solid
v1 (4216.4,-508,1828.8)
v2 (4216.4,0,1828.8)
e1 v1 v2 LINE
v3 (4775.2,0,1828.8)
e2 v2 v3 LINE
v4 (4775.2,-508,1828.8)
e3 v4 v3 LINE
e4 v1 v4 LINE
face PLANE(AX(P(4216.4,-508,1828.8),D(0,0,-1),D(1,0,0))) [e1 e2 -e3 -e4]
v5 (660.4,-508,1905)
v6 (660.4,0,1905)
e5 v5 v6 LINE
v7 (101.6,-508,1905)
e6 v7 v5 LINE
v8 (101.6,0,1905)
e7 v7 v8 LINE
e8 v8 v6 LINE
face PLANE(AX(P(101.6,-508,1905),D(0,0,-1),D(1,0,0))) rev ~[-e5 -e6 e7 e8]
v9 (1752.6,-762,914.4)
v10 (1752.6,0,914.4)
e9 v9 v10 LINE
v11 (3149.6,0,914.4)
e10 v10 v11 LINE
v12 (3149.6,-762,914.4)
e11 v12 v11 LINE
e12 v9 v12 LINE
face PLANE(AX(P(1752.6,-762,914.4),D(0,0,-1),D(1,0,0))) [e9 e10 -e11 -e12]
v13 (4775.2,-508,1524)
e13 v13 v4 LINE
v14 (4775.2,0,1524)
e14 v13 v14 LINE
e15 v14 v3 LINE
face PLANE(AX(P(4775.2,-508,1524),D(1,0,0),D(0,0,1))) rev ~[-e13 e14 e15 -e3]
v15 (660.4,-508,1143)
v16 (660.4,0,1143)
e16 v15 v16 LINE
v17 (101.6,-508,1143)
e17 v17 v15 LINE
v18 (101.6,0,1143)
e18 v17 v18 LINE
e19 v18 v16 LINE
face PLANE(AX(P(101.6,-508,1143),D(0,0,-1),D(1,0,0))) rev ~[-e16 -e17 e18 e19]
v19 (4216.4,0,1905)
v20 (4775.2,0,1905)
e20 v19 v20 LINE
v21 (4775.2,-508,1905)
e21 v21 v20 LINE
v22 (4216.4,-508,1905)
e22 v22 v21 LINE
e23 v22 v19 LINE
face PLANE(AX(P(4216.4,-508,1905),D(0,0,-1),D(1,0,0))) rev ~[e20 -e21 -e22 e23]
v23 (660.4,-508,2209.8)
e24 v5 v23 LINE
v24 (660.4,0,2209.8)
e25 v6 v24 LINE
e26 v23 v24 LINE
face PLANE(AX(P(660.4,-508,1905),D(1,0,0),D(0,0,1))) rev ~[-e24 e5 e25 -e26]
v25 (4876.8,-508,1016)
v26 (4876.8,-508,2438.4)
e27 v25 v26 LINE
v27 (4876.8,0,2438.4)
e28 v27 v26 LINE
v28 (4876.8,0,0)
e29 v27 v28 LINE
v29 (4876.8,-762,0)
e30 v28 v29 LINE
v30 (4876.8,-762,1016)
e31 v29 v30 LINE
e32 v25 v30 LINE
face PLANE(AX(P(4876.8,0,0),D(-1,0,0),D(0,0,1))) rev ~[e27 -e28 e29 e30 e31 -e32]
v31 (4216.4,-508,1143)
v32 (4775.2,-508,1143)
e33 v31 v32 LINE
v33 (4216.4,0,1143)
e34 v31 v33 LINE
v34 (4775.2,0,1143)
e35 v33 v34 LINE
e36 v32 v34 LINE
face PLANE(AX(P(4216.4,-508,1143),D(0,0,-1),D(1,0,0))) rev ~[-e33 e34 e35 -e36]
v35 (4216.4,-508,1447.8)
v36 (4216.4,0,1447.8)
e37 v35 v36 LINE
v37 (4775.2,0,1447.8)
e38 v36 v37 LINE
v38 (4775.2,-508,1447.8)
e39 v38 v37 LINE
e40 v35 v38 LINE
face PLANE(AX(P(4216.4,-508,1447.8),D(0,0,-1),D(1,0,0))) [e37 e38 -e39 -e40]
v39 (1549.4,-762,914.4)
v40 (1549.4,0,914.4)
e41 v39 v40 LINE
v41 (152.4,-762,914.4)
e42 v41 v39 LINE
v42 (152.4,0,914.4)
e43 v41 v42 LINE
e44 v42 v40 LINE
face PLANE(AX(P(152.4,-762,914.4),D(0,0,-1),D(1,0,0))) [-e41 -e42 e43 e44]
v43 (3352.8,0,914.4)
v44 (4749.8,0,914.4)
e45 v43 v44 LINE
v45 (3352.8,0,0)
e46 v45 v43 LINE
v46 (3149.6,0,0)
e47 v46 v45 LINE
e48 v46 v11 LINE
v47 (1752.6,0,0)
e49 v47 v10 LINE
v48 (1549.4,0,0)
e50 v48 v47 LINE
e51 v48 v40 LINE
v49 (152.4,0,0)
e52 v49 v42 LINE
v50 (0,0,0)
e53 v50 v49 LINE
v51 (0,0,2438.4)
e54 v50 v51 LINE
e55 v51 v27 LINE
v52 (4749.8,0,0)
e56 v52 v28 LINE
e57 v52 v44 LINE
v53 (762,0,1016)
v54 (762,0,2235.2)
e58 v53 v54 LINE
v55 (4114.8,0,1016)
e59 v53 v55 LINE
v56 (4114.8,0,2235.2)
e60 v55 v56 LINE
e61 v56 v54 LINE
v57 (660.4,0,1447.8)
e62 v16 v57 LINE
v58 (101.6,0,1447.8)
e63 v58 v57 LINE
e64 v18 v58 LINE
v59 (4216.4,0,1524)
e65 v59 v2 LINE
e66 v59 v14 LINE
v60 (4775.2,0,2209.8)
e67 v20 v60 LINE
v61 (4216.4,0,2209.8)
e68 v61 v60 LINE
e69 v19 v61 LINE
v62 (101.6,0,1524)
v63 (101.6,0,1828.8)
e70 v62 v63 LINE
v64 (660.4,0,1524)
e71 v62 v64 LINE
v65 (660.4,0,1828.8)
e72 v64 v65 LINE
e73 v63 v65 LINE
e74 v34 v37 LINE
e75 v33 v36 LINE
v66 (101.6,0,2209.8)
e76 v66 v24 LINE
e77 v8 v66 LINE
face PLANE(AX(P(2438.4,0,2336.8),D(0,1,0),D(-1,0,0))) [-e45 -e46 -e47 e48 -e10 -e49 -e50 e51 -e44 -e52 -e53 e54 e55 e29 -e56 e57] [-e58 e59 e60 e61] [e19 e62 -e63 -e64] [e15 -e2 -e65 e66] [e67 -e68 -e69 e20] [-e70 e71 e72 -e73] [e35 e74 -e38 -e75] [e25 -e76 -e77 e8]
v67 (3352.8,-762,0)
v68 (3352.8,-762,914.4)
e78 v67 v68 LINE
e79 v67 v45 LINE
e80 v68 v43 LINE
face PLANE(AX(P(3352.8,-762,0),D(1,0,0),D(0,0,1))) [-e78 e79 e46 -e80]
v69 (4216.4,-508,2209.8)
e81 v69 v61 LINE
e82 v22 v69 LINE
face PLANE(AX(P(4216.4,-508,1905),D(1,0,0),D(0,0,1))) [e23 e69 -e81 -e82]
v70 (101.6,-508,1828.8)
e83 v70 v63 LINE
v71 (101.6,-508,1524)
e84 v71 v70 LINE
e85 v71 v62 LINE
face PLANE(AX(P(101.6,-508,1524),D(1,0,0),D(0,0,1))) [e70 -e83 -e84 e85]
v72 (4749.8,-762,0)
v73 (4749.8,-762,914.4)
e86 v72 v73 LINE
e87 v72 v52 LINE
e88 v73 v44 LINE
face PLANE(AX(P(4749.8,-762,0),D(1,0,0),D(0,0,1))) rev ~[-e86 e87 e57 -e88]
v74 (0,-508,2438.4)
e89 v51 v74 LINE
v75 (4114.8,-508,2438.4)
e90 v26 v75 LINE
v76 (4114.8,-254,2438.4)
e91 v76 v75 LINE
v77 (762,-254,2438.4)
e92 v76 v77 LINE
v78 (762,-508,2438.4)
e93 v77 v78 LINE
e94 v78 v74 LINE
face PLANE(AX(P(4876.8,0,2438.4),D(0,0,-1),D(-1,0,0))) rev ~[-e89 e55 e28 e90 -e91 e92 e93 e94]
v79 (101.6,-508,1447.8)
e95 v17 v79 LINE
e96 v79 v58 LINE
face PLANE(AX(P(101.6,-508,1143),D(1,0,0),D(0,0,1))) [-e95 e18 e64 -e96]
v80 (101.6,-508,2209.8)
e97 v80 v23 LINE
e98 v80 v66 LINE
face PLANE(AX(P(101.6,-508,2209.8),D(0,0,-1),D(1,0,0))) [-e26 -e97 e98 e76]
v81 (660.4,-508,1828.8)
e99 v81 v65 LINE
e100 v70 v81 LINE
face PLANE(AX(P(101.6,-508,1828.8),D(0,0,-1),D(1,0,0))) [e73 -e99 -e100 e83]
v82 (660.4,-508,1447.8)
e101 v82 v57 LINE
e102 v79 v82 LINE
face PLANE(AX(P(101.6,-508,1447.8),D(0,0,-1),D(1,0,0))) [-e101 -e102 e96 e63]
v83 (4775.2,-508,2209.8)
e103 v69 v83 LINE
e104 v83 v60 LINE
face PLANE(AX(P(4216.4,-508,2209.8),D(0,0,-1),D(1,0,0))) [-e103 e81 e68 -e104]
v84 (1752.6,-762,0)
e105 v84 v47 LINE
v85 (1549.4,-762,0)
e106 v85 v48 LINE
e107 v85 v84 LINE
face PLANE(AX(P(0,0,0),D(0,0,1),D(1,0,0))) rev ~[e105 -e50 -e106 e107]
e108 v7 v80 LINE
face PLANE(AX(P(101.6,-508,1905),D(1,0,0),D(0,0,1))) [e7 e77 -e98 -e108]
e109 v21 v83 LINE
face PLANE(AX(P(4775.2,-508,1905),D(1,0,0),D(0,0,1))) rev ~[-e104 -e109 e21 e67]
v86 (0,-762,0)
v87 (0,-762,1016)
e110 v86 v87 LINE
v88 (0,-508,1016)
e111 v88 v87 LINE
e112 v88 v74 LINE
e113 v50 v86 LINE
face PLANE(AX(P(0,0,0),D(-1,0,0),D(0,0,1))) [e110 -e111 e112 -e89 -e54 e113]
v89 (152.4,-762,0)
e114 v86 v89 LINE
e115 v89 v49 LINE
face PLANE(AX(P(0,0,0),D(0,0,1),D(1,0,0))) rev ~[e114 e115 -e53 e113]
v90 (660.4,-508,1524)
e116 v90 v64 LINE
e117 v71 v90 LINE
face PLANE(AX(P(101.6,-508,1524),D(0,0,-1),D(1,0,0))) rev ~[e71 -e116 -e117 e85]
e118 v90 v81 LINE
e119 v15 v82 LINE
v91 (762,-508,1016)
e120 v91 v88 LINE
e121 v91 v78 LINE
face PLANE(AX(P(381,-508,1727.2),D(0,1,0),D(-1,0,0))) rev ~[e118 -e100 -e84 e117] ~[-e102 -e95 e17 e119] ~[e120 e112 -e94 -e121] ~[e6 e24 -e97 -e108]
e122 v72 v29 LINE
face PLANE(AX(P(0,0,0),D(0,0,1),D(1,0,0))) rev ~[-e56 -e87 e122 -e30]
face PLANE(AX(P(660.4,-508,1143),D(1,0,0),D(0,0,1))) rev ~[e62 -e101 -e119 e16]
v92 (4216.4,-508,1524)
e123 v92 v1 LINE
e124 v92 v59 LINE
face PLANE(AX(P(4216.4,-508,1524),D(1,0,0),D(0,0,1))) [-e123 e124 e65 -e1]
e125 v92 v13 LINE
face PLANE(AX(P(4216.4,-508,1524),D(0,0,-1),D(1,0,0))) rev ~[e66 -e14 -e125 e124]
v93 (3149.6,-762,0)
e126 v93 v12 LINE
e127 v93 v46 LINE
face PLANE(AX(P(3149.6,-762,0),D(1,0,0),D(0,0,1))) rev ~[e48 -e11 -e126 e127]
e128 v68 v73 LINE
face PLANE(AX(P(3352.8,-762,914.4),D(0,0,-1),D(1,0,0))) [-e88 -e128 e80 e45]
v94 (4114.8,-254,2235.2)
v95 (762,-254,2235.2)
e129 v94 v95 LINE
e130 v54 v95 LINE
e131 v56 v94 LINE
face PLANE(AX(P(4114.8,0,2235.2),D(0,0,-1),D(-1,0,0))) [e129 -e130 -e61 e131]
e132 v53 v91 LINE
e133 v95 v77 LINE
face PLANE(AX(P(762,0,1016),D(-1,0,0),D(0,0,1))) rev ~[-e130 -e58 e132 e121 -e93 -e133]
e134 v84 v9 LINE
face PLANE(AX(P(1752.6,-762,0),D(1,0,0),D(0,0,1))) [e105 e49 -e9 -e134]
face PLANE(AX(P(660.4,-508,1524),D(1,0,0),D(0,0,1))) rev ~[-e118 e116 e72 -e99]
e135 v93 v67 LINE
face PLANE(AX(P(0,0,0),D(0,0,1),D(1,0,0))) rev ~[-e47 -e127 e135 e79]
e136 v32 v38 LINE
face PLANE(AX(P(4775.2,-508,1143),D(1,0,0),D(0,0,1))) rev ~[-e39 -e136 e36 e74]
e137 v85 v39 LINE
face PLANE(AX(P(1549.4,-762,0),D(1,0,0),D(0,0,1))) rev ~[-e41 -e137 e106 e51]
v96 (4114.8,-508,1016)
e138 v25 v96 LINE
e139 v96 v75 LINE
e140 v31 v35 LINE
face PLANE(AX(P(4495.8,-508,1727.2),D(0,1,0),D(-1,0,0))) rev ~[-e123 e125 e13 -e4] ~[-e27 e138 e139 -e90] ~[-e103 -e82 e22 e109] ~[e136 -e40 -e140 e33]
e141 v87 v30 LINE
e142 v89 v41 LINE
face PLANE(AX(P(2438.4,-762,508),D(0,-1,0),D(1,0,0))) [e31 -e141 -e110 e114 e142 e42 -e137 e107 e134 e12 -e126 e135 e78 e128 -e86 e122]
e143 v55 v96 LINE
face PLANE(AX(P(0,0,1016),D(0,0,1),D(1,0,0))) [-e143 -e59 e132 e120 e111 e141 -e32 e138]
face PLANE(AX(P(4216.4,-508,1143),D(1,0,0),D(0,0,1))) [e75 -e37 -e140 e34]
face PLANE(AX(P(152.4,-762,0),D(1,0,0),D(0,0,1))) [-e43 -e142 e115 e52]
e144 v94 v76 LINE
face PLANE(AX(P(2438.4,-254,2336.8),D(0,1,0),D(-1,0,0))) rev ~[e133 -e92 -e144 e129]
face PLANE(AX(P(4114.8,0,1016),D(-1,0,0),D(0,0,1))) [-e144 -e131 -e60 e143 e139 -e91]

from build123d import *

# Parameters (mm, degrees)
F0_W     = 4876.8
F0_H     = 1016
F1_DEPTH = 762
F2_W     = 762
F2_H     = 1422.4
F3_DEPTH = 508
F4_W     = 3352.8
F4_H     = 203.2
F5_DEPTH = 254
F6_W     = 1397
F6_H     = 914.4
F7_DEPTH = 762
F8_W     = 558.8
F8_H     = 304.8
F9_DEPTH = 508


with BuildPart() as f1:
    # F0 (on Front) → F1 (new body)
    with BuildSketch(Plane.XZ):
        with Locations((2438.4, 508)):
            Rectangle(F0_W, F0_H)
    extrude(amount=F1_DEPTH)

    # F2 (on face) → F3 (join)
    with BuildSketch(Plane(origin=(0, 0, 0), x_dir=(-1, 0, 0), z_dir=(0, 1, 0))):
        with Locations((-381, 1727.2)):
            Rectangle(F2_W, F2_H)
        with Locations((-4495.8, 1727.2)):
            Rectangle(F2_W, F2_H)
    extrude(amount=-F3_DEPTH)

    # F4 (on face) → F5 (join)
    with BuildSketch(Plane(origin=(0, 0, 0), x_dir=(-1, 0, 0), z_dir=(0, 1, 0))):
        with Locations((-2438.4, 2336.8)):
            Rectangle(F4_W, F4_H)
    extrude(amount=-F5_DEPTH)

    # F6 (on face) → F7 (cut, through all)
    with BuildSketch(Plane.XZ.offset(762)):
        with Locations((850.9, 457.2)):
            Rectangle(F6_W, F6_H)
        with Locations((2451.1, 457.2)):
            Rectangle(F6_W, F6_H)
        with Locations((4051.3, 457.2)):
            Rectangle(F6_W, F6_H)
    extrude(amount=-F7_DEPTH, mode=Mode.SUBTRACT)

    # F8 (on face) → F9 (cut, through all)
    with BuildSketch(Plane.XZ.offset(508)):
        with Locations((381, 1295.4)):
            Rectangle(F8_W, F8_H)
        with Locations((381, 1676.4)):
            Rectangle(F8_W, F8_H)
        with Locations((381, 2057.4)):
            Rectangle(F8_W, F8_H)
        with Locations((4495.8, 1295.4)):
            Rectangle(F8_W, F8_H)
        with Locations((4495.8, 2057.4)):
            Rectangle(F8_W, F8_H)
        with Locations((4495.8, 1676.4)):
            Rectangle(F8_W, F8_H)
    extrude(amount=-F9_DEPTH, mode=Mode.SUBTRACT)


solid = f1.part
